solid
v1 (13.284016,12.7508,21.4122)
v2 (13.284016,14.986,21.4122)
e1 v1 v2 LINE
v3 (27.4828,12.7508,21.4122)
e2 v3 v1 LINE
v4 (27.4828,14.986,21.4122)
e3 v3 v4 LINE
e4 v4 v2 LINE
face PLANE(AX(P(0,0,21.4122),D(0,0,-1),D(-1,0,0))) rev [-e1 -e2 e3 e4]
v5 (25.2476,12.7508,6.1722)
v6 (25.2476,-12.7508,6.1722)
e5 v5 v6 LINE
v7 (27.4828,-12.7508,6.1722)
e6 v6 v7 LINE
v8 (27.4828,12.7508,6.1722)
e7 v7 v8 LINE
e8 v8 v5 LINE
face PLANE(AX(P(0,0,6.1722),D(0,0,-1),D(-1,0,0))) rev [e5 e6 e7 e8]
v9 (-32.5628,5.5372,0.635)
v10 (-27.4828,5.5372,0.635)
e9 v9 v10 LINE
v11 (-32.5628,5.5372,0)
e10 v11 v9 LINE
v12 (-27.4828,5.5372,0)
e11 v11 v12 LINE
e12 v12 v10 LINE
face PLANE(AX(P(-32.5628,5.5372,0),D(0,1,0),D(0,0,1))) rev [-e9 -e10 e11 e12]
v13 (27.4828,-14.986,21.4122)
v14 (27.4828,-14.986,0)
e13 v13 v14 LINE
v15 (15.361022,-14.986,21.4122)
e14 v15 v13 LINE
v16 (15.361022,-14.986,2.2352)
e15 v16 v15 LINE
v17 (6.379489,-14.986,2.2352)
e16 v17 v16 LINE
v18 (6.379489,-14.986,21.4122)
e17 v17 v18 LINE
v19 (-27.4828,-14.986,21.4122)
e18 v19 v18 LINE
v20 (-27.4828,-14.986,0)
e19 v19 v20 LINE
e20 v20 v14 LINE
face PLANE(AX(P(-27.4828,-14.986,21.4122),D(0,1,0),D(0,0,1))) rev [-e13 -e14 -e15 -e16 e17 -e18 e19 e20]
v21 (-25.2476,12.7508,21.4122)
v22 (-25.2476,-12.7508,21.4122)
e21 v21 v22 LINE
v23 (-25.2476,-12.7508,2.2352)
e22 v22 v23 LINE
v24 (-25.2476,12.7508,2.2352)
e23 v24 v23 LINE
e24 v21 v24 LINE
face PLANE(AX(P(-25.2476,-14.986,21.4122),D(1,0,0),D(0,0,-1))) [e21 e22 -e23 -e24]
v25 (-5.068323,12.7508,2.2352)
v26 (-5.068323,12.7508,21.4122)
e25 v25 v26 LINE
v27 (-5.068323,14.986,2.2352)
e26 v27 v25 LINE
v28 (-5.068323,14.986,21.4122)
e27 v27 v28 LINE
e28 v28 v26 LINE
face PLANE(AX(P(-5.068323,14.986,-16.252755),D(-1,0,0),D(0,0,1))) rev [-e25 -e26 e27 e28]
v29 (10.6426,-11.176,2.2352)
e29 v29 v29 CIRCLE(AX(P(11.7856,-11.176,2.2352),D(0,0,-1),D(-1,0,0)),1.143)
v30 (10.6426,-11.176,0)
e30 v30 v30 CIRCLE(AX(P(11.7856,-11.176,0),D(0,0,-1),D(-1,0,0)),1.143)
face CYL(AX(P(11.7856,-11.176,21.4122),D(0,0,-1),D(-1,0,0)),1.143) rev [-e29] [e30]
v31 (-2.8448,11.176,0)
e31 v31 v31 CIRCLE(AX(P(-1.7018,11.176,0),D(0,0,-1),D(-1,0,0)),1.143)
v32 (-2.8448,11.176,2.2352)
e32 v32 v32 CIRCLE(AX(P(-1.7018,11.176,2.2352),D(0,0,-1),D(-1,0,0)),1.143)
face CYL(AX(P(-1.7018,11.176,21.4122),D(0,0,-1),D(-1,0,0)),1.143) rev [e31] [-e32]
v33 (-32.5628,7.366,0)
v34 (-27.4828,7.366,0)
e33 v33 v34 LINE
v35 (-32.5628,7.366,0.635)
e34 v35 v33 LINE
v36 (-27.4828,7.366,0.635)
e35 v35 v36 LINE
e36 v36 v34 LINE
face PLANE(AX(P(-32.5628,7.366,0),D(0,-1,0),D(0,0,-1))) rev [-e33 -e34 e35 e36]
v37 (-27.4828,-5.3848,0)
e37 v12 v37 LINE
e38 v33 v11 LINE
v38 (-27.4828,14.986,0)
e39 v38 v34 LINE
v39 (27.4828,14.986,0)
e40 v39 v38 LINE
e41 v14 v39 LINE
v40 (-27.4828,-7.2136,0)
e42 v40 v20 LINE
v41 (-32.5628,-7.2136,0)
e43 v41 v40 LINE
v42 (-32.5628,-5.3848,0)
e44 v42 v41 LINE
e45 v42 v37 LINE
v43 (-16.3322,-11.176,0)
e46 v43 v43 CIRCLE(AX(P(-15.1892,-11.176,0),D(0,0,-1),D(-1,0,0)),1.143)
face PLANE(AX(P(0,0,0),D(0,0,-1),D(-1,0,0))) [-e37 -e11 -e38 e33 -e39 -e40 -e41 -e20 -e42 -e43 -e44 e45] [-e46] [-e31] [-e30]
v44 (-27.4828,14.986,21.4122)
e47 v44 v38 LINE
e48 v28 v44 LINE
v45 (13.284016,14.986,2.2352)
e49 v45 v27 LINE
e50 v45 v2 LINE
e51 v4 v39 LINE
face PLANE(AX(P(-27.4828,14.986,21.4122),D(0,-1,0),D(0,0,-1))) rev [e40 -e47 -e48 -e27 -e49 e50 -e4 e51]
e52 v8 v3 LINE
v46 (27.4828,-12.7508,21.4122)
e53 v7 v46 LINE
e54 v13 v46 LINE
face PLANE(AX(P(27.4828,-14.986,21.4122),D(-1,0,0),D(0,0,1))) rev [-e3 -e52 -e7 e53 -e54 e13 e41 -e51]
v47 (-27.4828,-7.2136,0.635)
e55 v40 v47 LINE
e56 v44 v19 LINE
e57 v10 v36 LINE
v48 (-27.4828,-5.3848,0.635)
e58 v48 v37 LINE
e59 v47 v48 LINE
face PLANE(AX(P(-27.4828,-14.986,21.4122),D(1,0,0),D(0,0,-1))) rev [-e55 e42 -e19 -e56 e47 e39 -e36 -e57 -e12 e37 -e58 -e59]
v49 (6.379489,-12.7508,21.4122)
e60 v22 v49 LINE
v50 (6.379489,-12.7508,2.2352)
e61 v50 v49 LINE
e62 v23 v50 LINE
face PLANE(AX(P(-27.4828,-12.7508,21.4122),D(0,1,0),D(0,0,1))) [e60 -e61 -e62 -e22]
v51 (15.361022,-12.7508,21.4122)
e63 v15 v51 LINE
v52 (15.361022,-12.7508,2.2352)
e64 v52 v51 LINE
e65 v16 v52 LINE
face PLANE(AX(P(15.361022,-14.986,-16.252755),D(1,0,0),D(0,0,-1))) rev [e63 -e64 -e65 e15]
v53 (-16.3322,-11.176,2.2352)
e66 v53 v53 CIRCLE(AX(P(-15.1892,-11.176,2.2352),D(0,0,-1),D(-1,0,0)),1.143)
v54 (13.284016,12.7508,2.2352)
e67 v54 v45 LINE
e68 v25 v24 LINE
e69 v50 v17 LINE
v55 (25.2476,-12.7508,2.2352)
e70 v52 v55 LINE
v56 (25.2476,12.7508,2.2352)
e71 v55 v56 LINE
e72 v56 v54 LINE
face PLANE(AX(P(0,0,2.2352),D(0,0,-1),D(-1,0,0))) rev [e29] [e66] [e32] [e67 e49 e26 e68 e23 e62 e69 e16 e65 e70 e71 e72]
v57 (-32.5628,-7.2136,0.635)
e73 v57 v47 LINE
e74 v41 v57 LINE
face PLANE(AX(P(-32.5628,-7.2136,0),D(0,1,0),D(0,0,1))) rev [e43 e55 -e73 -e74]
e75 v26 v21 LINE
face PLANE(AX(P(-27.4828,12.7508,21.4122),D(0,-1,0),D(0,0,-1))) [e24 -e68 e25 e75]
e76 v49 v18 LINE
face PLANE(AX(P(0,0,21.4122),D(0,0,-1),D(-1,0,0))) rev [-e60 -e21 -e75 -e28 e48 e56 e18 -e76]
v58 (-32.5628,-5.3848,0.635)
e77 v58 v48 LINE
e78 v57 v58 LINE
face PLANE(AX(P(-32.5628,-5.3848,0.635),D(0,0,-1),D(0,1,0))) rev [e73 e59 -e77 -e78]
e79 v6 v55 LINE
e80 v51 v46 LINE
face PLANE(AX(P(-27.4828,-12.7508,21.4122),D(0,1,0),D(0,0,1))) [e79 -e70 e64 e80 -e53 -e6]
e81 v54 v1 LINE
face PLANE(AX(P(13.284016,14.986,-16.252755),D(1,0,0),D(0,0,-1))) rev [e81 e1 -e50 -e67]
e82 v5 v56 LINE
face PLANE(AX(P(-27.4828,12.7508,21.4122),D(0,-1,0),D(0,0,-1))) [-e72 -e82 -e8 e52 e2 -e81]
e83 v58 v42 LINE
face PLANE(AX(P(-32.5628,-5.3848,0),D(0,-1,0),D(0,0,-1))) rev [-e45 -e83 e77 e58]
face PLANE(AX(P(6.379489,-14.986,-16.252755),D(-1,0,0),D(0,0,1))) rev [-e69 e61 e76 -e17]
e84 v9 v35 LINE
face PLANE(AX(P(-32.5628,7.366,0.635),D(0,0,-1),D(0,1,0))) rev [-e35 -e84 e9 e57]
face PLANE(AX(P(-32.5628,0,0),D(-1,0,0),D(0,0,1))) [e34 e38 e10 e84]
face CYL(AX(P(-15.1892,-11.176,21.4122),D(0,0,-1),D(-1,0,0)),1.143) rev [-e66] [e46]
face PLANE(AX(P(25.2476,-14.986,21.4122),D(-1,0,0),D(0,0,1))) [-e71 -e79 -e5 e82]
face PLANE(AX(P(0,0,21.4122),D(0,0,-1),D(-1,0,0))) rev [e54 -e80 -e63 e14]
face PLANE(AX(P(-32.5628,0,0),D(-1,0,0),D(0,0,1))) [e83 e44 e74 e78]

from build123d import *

# Parameters (mm, degrees)
SKETCH1_W           = 54.9656
SKETCH1_H           = 29.972
BOSS_EXTRUDE1_DEPTH = 21.4122
SHELL1_T            = -2.2352
SKETCH2_R           = 1.143
CUT_EXTRUDE1_DEPTH  = 38.925806526
SKETCH3_W           = 2.2352
SKETCH3_H           = 25.5016
CUT_EXTRUDE2_DEPTH  = 15.24
SKETCH4_W           = 8.981533828
SKETCH4_H           = 2.2352
SKETCH4_W_2         = 18.352338923
CUT_EXTRUDE3_DEPTH  = 19.177
SKETCH6_W           = 0.635
SKETCH6_H           = 1.8288
BOSS_EXTRUDE2_DEPTH = 5.08


with BuildPart() as part:
    # Sketch1 → Boss-Extrude1 (new body)
    with BuildSketch(Plane.XY):
        Rectangle(SKETCH1_W, SKETCH1_H)
    extrude(amount=BOSS_EXTRUDE1_DEPTH)

    # Shell1
    shell1_openings = [part.faces().sort_by_distance(p)[0] for p in [
        (0, 0, 21.4122),
    ]]
    offset(amount=SHELL1_T, openings=shell1_openings, kind=Kind.INTERSECTION)

    # Sketch2 → Cut-Extrude1 (cut, through all)
    with BuildSketch(Plane(origin=(0, 0, 0), x_dir=(-1, 0, 0), z_dir=(0, 0, -1))):
        with Locations((1.7018, 11.176)):
            Circle(SKETCH2_R)
        with Locations((-11.7856, -11.176)):
            Circle(SKETCH2_R)
        with Locations((15.1892, -11.176)):
            Circle(SKETCH2_R)
    extrude(amount=-CUT_EXTRUDE1_DEPTH, mode=Mode.SUBTRACT)

    # Sketch3 → Cut-Extrude2 (cut)
    with BuildSketch(Plane.XY.offset(21.4122)):
        with Locations((26.3652, 0)):
            Rectangle(SKETCH3_W, SKETCH3_H)
    extrude(amount=-CUT_EXTRUDE2_DEPTH, mode=Mode.SUBTRACT)

    # Sketch4 → Cut-Extrude3 (cut)
    with BuildSketch(Plane.XY.offset(21.4122)):
        with Locations((10.870255505, -13.8684)):
            Rectangle(SKETCH4_W, SKETCH4_H)
        with Locations((4.107846369, 13.8684)):
            Rectangle(SKETCH4_W_2, SKETCH4_H)
    extrude(amount=-CUT_EXTRUDE3_DEPTH, mode=Mode.SUBTRACT)

    # Sketch6 → Boss-Extrude2 (add)
    with BuildSketch(Plane.ZY.offset(27.4828)):
        with Locations((0.3175, 6.4516)):
            Rectangle(SKETCH6_W, SKETCH6_H)
        with Locations((0.3175, -6.2992)):
            Rectangle(SKETCH6_W, SKETCH6_H)
    extrude(amount=BOSS_EXTRUDE2_DEPTH)


solid = part.part
